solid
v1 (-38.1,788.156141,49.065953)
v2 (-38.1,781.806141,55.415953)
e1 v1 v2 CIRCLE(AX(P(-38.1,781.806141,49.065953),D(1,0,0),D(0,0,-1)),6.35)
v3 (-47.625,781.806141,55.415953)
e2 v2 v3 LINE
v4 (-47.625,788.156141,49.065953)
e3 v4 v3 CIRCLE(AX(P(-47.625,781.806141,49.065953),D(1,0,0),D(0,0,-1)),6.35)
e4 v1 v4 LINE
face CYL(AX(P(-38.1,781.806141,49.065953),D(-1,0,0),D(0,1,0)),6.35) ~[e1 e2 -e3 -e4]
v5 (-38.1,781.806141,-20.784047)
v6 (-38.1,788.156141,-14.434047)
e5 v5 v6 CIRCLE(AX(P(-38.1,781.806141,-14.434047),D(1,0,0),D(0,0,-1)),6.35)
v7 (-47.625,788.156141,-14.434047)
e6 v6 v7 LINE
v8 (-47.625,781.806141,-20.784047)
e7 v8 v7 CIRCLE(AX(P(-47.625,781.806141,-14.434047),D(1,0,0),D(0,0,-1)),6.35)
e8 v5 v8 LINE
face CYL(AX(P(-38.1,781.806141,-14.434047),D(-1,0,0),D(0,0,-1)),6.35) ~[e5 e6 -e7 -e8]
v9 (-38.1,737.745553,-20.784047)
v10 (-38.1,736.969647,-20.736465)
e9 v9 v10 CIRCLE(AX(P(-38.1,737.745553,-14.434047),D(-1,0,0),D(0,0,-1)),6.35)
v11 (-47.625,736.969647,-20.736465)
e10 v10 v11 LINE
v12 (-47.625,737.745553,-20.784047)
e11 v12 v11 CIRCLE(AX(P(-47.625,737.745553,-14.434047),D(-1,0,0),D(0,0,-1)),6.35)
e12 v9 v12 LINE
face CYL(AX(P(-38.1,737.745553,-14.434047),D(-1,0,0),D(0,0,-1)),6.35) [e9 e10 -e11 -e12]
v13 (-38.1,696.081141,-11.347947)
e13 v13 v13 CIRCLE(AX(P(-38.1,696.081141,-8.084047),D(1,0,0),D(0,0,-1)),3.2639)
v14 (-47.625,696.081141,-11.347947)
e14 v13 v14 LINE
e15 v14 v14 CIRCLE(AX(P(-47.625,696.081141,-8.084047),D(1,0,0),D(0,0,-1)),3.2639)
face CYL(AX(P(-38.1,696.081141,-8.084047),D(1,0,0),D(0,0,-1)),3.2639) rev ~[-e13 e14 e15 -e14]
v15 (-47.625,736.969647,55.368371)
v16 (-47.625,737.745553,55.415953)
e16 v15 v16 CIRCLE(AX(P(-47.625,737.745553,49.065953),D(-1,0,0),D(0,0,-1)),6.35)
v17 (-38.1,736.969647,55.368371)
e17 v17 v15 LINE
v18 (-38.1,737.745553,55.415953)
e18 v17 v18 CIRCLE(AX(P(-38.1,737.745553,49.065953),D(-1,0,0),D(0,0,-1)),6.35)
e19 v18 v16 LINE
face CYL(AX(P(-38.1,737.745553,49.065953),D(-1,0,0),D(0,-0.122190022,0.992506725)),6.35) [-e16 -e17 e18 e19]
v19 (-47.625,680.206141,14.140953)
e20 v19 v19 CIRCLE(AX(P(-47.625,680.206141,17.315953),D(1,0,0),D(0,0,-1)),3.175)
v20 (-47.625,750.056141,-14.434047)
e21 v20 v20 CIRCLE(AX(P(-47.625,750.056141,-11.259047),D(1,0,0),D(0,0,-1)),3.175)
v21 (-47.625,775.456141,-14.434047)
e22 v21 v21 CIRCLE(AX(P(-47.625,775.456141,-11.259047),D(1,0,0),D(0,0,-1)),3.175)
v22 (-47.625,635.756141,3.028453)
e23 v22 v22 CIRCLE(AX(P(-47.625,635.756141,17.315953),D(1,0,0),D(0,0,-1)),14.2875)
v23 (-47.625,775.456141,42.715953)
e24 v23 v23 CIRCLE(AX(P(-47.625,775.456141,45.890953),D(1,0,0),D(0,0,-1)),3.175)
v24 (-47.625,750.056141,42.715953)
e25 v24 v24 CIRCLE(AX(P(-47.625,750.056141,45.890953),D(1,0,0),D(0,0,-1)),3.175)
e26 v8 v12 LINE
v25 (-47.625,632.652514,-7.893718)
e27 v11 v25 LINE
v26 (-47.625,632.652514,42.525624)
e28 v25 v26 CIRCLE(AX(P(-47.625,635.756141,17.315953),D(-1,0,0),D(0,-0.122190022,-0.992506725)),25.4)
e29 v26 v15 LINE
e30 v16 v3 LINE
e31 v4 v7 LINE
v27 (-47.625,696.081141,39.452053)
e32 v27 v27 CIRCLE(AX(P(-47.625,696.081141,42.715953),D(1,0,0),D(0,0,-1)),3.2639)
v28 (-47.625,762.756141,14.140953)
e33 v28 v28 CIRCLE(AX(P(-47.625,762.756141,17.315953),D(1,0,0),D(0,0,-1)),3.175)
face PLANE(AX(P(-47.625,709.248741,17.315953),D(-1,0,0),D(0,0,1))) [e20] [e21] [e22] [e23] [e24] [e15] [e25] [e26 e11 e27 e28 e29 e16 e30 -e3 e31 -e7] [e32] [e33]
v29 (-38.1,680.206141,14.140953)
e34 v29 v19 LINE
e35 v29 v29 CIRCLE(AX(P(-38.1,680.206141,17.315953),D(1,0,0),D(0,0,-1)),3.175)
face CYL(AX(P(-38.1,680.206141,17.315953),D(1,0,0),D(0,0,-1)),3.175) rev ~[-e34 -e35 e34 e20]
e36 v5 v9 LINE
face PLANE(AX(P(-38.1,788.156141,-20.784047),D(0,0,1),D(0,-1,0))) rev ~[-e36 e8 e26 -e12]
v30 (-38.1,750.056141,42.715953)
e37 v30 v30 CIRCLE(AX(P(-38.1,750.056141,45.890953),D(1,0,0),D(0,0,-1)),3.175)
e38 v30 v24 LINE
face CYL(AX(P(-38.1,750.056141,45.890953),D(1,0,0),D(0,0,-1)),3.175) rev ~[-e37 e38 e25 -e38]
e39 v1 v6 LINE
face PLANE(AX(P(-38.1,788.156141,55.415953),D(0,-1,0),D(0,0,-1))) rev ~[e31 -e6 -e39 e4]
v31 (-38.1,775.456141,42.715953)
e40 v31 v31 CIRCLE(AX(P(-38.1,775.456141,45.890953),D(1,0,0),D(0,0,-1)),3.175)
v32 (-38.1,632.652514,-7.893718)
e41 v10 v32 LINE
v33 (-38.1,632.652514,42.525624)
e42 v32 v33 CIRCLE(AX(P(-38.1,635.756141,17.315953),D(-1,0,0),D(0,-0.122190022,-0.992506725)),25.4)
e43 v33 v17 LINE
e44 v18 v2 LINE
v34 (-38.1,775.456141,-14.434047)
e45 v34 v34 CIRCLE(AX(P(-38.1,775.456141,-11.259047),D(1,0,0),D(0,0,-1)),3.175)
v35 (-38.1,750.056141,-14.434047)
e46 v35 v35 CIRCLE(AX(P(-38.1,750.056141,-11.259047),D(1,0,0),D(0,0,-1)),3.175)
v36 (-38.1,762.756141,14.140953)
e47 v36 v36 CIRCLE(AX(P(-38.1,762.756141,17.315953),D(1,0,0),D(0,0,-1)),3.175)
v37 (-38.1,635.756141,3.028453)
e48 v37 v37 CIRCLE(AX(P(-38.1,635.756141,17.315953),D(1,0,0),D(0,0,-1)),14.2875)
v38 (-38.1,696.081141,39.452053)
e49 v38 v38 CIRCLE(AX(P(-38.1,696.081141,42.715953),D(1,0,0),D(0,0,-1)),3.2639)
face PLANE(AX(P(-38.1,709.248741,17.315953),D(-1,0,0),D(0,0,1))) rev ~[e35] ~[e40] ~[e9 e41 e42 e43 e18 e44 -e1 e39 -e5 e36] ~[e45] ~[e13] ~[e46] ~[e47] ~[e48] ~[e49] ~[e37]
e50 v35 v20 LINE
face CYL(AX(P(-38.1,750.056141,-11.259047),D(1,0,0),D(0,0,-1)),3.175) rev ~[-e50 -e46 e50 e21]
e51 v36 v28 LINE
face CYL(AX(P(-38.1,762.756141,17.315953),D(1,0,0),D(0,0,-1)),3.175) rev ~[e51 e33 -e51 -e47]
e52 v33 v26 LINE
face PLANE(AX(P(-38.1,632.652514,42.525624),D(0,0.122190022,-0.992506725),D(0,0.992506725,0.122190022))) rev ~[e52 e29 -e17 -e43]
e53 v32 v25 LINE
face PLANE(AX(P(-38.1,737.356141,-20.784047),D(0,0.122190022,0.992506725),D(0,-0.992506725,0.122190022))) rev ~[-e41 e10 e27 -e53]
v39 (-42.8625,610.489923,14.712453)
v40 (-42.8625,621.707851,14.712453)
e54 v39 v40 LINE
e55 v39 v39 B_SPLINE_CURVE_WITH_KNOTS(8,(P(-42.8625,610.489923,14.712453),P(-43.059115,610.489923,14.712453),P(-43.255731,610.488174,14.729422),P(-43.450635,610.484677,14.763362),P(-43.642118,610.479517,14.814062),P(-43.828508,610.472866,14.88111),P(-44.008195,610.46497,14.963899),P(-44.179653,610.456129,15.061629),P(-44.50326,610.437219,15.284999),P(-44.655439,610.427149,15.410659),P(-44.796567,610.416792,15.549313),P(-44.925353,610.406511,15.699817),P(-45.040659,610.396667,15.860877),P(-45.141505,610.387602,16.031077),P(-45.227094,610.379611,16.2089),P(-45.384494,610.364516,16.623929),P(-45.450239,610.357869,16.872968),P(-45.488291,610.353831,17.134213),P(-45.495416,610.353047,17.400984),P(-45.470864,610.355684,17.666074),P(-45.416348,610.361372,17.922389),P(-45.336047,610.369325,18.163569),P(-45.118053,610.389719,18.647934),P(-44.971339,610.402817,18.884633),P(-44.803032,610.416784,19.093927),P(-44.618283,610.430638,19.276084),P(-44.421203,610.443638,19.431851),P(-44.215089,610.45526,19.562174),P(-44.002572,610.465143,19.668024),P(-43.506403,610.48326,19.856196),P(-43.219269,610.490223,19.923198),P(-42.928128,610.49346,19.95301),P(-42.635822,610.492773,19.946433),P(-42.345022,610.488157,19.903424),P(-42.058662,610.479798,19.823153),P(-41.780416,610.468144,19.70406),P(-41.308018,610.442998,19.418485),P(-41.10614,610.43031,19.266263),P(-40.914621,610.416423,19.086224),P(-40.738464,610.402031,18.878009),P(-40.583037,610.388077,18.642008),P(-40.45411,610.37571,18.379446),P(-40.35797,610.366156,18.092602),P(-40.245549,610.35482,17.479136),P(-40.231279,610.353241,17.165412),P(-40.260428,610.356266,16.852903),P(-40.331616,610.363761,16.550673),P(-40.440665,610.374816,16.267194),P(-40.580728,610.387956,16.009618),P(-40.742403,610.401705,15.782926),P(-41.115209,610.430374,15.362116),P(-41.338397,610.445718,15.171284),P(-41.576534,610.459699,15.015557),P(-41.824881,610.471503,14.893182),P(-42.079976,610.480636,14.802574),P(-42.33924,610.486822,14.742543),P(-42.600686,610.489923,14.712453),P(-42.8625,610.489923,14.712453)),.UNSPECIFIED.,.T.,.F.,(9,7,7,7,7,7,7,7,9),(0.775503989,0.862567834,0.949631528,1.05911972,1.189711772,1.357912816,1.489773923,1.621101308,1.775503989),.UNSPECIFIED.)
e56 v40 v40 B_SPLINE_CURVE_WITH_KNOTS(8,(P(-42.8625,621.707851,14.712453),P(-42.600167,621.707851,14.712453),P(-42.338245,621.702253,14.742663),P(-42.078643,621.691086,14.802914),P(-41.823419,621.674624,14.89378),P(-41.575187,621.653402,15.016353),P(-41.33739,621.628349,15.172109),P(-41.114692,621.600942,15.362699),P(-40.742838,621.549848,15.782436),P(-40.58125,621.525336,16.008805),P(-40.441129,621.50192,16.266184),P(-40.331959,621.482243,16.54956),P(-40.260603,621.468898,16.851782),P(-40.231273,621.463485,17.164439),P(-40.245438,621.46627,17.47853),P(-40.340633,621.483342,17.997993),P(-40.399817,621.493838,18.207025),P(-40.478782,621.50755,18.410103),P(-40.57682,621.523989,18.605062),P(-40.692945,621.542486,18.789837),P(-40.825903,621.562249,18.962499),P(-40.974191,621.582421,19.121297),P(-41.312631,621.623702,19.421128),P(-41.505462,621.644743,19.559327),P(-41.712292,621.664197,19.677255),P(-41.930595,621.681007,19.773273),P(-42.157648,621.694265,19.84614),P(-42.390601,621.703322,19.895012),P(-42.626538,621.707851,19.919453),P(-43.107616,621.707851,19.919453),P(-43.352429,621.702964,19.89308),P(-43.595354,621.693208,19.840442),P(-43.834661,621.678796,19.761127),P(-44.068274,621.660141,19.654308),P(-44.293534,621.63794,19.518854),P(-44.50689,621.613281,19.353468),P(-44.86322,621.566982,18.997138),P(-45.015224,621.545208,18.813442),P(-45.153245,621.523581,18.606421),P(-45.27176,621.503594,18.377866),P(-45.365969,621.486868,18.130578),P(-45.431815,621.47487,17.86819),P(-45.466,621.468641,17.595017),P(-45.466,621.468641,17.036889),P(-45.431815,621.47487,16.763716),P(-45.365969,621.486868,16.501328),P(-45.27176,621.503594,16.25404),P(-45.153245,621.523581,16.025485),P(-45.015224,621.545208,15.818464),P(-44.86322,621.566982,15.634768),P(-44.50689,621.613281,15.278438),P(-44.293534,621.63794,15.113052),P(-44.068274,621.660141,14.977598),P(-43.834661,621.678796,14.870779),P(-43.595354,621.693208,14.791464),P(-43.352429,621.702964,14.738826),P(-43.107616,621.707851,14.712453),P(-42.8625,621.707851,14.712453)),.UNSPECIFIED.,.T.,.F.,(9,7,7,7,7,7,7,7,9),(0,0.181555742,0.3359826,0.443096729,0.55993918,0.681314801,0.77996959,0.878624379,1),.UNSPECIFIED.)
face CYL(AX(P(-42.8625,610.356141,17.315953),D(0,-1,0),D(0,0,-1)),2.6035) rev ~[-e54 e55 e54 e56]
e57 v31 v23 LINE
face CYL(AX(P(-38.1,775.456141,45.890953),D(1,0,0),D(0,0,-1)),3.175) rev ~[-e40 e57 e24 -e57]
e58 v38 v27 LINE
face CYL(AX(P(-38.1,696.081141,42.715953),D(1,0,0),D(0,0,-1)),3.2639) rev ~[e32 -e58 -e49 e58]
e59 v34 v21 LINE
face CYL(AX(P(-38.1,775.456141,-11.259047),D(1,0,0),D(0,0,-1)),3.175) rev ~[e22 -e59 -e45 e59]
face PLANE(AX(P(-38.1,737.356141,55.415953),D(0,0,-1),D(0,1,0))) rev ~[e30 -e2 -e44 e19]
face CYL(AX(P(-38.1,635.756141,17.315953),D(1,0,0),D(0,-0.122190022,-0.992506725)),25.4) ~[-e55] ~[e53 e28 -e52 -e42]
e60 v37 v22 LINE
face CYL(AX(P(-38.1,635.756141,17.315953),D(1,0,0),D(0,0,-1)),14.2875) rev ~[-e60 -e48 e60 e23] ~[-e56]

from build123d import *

# Parameters (mm, degrees)
BOSS_EXTRUDE1_START     = -38.1
SKETCH1_R               = 14.2875
SKETCH1_R_2             = 3.175
SKETCH1_R_3             = 3.2639
BOSS_EXTRUDE1_DEPTH     = 9.525
CUT_EXTRUDE1_REACH      = 194.229
CUT_EXTRUDE1_END_RADIUS = 14.2875
SKETCH2_R               = 2.6035
FILLET1_R               = 6.35


with BuildPart() as part:
    # Sketch1 → Boss-Extrude1 (new body)
    with BuildSketch(Plane(origin=(0, 0, 0), x_dir=(0, 0, -1), z_dir=(1, 0, 0)).offset(BOSS_EXTRUDE1_START)):
        with BuildLine():
            Line((-42.525623825, 632.652514423), (-55.415953018, 737.356140976))
            Line((-55.415953018, 737.356140976), (-55.415953018, 788.156140976))
            Line((-55.415953018, 788.156140976), (20.784046982, 788.156140976))
            Line((20.784046982, 788.156140976), (20.784046982, 737.356140976))
            Line((20.784046982, 737.356140976), (7.89371779, 632.652514423))
            ThreePointArc((7.89371779, 632.652514423), (-17.315953018, 610.356140976), (-42.525623825, 632.652514423))
        make_face()
        with Locations((-17.315953018, 635.756140976)):
            Circle(SKETCH1_R, mode=Mode.SUBTRACT)
        with Locations((-45.890953018, 775.456140976)):
            Circle(SKETCH1_R_2, mode=Mode.SUBTRACT)
        with Locations((-17.315953018, 762.756140976)):
            Circle(SKETCH1_R_2, mode=Mode.SUBTRACT)
        with Locations((-45.890953018, 750.056140976)):
            Circle(SKETCH1_R_2, mode=Mode.SUBTRACT)
        with Locations((11.259046982, 750.056140976)):
            Circle(SKETCH1_R_2, mode=Mode.SUBTRACT)
        with Locations((11.259046982, 775.456140976)):
            Circle(SKETCH1_R_2, mode=Mode.SUBTRACT)
        with Locations((8.084046982, 696.081140976)):
            Circle(SKETCH1_R_3, mode=Mode.SUBTRACT)
        with Locations((-17.315953018, 680.206140976)):
            Circle(SKETCH1_R_2, mode=Mode.SUBTRACT)
        with Locations((-42.715953018, 696.081140976)):
            Circle(SKETCH1_R_3, mode=Mode.SUBTRACT)
    extrude(amount=-BOSS_EXTRUDE1_DEPTH)

    # Cut-Extrude1: up to this cylinder (the profile starts outside it)
    cut_extrude1_end = Plane(origin=(-42.8625, 635.756140976, 17.315953018), z_dir=(1, 0, 0)) * Cylinder(CUT_EXTRUDE1_END_RADIUS, 418.033, mode=Mode.PRIVATE)
    # Sketch2 → Cut-Extrude1 (cut, up to the surface)
    with BuildSketch(Plane(origin=(0, 610.356140976, 0), x_dir=(-1, 0, 0), z_dir=(0, -1, 0)), mode=Mode.PRIVATE) as cut_extrude1_sk1:
        with Locations(Location((42.8625, -17.315953018, 0), (0, 0, 90))):
            Circle(SKETCH2_R)
    cut_extrude1_tool1 = extrude(cut_extrude1_sk1.sketch, amount=-CUT_EXTRUDE1_REACH, mode=Mode.PRIVATE) - cut_extrude1_end
    add(cut_extrude1_tool1.solids().sort_by_distance((-42.8625, 610.356141, 17.315953))[0], mode=Mode.SUBTRACT)

    # Fillet1
    fillet1_edges = [part.edges().sort_by_distance(p)[0] for p in [
        (-42.8625, 737.356140976, 55.415953018),
        (-42.8625, 788.156140976, 55.415953018),
        (-42.8625, 788.156140976, -20.784046982),
        (-42.8625, 737.356140976, -20.784046982),
    ]]
    fillet(fillet1_edges, radius=FILLET1_R)


solid = part.part
